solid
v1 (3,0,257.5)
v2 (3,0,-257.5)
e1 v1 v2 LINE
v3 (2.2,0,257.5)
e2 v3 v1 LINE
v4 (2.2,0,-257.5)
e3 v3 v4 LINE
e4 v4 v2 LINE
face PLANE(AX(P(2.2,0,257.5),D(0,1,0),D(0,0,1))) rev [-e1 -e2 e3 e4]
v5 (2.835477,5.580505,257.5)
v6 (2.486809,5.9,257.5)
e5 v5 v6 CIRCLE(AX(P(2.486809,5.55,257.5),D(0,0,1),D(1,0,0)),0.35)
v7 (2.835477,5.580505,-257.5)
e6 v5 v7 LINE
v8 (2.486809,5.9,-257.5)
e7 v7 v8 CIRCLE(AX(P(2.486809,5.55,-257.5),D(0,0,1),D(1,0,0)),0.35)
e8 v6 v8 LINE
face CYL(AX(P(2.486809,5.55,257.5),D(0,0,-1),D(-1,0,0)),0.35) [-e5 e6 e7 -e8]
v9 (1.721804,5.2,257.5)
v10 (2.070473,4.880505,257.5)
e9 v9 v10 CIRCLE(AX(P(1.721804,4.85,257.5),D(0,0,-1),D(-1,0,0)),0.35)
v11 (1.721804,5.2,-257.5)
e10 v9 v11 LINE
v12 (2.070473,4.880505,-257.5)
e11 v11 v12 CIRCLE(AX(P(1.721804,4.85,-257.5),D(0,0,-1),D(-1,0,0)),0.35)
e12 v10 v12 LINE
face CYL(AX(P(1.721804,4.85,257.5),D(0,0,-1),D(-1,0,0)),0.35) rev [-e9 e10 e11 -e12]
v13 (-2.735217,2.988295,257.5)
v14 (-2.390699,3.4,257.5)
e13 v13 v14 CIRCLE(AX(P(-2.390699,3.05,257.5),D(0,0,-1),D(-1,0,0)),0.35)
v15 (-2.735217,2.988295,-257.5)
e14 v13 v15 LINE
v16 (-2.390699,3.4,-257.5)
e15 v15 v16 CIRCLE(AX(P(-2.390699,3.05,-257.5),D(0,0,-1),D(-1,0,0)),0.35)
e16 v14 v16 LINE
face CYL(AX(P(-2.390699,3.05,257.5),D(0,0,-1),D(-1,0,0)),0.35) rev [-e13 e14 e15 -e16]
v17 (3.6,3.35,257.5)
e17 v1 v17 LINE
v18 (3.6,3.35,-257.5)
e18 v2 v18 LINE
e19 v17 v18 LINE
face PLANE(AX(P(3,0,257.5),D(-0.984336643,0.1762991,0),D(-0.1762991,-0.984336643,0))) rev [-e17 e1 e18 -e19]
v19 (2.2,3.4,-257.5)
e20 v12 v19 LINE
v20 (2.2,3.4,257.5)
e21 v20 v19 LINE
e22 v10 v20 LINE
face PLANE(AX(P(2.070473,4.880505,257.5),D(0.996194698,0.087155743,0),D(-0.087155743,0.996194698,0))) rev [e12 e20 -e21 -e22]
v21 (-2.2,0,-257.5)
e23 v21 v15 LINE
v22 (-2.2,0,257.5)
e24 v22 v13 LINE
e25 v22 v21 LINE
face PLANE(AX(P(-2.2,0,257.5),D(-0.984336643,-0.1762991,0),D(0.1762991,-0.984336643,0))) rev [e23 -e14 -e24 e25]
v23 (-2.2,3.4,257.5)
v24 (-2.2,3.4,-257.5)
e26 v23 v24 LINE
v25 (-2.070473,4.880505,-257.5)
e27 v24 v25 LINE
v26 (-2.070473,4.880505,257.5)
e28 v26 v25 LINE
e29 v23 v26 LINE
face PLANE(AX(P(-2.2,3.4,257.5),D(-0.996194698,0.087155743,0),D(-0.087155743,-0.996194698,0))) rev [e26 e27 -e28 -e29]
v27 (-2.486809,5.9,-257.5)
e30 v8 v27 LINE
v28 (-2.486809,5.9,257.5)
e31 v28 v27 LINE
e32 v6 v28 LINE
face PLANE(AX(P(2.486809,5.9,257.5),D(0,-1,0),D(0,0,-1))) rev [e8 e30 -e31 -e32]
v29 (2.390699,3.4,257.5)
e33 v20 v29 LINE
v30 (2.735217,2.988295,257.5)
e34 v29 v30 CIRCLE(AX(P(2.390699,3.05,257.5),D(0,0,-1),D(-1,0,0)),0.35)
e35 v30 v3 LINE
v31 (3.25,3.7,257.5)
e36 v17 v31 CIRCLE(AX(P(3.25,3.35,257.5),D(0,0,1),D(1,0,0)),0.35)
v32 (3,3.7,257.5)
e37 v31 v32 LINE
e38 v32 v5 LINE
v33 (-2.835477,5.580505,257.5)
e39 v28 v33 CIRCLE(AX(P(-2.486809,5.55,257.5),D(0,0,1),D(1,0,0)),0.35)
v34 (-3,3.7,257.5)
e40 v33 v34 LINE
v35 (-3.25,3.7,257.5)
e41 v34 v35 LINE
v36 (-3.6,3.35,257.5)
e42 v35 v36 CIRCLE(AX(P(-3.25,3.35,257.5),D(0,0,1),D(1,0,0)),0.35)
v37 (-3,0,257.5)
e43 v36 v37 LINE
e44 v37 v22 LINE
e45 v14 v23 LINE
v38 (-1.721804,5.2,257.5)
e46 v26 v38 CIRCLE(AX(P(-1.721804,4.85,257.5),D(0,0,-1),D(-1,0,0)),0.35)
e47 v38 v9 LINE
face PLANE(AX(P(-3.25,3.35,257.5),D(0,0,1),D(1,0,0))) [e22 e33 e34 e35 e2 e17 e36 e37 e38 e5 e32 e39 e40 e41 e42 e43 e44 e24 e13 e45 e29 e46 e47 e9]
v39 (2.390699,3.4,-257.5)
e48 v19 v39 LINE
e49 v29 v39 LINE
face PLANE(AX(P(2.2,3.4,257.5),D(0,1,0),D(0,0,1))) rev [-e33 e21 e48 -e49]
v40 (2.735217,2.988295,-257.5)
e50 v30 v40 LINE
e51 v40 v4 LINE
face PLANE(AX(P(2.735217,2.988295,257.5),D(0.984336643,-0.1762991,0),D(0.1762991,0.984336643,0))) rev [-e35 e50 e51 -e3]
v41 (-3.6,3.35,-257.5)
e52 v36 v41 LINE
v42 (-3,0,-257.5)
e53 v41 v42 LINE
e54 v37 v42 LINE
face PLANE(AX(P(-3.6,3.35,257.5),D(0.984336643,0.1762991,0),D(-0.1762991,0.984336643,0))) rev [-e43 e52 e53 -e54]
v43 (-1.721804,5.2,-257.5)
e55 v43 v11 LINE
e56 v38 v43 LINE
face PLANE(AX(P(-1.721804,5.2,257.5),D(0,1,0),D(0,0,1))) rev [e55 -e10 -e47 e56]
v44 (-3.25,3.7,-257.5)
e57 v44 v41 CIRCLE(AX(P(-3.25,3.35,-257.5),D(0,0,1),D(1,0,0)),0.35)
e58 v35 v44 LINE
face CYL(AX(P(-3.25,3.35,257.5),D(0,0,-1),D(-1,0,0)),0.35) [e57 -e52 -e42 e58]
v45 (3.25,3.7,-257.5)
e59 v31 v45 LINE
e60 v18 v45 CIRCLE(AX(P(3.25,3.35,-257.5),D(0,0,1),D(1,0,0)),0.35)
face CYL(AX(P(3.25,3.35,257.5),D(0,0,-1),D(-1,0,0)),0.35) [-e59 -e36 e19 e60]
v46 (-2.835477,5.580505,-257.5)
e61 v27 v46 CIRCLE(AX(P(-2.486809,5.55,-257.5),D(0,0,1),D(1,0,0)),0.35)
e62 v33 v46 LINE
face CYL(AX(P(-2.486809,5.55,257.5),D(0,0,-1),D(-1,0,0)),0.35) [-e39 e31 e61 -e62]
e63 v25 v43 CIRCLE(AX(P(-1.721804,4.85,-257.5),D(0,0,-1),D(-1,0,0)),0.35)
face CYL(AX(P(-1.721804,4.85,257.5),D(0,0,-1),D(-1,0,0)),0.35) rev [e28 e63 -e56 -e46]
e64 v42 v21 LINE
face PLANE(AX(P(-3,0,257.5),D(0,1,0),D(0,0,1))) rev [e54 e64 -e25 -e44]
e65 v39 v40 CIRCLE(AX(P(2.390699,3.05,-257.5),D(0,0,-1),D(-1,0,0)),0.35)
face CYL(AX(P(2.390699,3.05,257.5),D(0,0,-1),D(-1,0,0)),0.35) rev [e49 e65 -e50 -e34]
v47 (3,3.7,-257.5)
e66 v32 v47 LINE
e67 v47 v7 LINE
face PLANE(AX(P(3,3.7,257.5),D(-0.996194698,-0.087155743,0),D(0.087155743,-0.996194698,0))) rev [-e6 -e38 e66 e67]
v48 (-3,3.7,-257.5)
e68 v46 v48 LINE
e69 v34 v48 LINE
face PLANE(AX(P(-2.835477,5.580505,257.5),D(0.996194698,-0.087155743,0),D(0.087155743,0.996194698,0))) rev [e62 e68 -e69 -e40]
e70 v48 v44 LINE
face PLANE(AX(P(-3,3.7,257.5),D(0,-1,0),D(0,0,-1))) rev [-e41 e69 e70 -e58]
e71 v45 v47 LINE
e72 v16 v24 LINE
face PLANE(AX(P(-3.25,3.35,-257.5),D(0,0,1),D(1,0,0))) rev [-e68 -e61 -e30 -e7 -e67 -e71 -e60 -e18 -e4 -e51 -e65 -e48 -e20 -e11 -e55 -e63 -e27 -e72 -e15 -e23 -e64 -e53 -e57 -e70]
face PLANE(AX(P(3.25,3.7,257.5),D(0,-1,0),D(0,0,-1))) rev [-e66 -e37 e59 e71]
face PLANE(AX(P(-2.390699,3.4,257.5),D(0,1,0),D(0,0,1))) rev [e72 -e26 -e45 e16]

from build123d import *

# Parameters (mm, degrees)
BOSS_EXTRUDE1_DEPTH = 257.5


with BuildPart() as part:
    # Sketch1 → Boss-Extrude1 (new body, symmetric)
    with BuildSketch(Plane.XY):
        with BuildLine():
            Line((-3.6, 3.35), (-3, 0))
            Line((-3, 0), (-2.2, 0))
            Line((-2.2, 0), (-2.735217071, 2.988295315))
            ThreePointArc((-2.735217071, 2.988295315), (-2.659117427, 3.274614514), (-2.390699246, 3.4))
            Line((-2.390699246, 3.4), (-2.2, 3.4))
            Line((-2.2, 3.4), (-2.070472639, 4.88050451))
            ThreePointArc((-2.070472639, 4.88050451), (-1.958261067, 5.108047068), (-1.721804495, 5.2))
            Line((-1.721804495, 5.2), (1.721804495, 5.2))
            ThreePointArc((1.721804495, 5.2), (1.958261067, 5.108047068), (2.070472639, 4.88050451))
            Line((2.070472639, 4.88050451), (2.2, 3.4))
            Line((2.2, 3.4), (2.390699246, 3.4))
            ThreePointArc((2.390699246, 3.4), (2.659117427, 3.274614514), (2.735217071, 2.988295315))
            Line((2.735217071, 2.988295315), (2.2, 0))
            Line((2.2, 0), (3, 0))
            Line((3, 0), (3.6, 3.35))
            ThreePointArc((3.6, 3.35), (3.497487373, 3.597487373), (3.25, 3.7))
            Line((3.25, 3.7), (3, 3.7))
            Line((3, 3.7), (2.835477174, 5.58050451))
            ThreePointArc((2.835477174, 5.58050451), (2.723265602, 5.808047068), (2.486809029, 5.9))
            Line((2.486809029, 5.9), (-2.486809029, 5.9))
            ThreePointArc((-2.486809029, 5.9), (-2.723265602, 5.808047068), (-2.835477174, 5.58050451))
            Line((-2.835477174, 5.58050451), (-3, 3.7))
            Line((-3, 3.7), (-3.25, 3.7))
            ThreePointArc((-3.25, 3.7), (-3.497487373, 3.597487373), (-3.6, 3.35))
        make_face()
    extrude(amount=BOSS_EXTRUDE1_DEPTH, both=True)


solid = part.part
